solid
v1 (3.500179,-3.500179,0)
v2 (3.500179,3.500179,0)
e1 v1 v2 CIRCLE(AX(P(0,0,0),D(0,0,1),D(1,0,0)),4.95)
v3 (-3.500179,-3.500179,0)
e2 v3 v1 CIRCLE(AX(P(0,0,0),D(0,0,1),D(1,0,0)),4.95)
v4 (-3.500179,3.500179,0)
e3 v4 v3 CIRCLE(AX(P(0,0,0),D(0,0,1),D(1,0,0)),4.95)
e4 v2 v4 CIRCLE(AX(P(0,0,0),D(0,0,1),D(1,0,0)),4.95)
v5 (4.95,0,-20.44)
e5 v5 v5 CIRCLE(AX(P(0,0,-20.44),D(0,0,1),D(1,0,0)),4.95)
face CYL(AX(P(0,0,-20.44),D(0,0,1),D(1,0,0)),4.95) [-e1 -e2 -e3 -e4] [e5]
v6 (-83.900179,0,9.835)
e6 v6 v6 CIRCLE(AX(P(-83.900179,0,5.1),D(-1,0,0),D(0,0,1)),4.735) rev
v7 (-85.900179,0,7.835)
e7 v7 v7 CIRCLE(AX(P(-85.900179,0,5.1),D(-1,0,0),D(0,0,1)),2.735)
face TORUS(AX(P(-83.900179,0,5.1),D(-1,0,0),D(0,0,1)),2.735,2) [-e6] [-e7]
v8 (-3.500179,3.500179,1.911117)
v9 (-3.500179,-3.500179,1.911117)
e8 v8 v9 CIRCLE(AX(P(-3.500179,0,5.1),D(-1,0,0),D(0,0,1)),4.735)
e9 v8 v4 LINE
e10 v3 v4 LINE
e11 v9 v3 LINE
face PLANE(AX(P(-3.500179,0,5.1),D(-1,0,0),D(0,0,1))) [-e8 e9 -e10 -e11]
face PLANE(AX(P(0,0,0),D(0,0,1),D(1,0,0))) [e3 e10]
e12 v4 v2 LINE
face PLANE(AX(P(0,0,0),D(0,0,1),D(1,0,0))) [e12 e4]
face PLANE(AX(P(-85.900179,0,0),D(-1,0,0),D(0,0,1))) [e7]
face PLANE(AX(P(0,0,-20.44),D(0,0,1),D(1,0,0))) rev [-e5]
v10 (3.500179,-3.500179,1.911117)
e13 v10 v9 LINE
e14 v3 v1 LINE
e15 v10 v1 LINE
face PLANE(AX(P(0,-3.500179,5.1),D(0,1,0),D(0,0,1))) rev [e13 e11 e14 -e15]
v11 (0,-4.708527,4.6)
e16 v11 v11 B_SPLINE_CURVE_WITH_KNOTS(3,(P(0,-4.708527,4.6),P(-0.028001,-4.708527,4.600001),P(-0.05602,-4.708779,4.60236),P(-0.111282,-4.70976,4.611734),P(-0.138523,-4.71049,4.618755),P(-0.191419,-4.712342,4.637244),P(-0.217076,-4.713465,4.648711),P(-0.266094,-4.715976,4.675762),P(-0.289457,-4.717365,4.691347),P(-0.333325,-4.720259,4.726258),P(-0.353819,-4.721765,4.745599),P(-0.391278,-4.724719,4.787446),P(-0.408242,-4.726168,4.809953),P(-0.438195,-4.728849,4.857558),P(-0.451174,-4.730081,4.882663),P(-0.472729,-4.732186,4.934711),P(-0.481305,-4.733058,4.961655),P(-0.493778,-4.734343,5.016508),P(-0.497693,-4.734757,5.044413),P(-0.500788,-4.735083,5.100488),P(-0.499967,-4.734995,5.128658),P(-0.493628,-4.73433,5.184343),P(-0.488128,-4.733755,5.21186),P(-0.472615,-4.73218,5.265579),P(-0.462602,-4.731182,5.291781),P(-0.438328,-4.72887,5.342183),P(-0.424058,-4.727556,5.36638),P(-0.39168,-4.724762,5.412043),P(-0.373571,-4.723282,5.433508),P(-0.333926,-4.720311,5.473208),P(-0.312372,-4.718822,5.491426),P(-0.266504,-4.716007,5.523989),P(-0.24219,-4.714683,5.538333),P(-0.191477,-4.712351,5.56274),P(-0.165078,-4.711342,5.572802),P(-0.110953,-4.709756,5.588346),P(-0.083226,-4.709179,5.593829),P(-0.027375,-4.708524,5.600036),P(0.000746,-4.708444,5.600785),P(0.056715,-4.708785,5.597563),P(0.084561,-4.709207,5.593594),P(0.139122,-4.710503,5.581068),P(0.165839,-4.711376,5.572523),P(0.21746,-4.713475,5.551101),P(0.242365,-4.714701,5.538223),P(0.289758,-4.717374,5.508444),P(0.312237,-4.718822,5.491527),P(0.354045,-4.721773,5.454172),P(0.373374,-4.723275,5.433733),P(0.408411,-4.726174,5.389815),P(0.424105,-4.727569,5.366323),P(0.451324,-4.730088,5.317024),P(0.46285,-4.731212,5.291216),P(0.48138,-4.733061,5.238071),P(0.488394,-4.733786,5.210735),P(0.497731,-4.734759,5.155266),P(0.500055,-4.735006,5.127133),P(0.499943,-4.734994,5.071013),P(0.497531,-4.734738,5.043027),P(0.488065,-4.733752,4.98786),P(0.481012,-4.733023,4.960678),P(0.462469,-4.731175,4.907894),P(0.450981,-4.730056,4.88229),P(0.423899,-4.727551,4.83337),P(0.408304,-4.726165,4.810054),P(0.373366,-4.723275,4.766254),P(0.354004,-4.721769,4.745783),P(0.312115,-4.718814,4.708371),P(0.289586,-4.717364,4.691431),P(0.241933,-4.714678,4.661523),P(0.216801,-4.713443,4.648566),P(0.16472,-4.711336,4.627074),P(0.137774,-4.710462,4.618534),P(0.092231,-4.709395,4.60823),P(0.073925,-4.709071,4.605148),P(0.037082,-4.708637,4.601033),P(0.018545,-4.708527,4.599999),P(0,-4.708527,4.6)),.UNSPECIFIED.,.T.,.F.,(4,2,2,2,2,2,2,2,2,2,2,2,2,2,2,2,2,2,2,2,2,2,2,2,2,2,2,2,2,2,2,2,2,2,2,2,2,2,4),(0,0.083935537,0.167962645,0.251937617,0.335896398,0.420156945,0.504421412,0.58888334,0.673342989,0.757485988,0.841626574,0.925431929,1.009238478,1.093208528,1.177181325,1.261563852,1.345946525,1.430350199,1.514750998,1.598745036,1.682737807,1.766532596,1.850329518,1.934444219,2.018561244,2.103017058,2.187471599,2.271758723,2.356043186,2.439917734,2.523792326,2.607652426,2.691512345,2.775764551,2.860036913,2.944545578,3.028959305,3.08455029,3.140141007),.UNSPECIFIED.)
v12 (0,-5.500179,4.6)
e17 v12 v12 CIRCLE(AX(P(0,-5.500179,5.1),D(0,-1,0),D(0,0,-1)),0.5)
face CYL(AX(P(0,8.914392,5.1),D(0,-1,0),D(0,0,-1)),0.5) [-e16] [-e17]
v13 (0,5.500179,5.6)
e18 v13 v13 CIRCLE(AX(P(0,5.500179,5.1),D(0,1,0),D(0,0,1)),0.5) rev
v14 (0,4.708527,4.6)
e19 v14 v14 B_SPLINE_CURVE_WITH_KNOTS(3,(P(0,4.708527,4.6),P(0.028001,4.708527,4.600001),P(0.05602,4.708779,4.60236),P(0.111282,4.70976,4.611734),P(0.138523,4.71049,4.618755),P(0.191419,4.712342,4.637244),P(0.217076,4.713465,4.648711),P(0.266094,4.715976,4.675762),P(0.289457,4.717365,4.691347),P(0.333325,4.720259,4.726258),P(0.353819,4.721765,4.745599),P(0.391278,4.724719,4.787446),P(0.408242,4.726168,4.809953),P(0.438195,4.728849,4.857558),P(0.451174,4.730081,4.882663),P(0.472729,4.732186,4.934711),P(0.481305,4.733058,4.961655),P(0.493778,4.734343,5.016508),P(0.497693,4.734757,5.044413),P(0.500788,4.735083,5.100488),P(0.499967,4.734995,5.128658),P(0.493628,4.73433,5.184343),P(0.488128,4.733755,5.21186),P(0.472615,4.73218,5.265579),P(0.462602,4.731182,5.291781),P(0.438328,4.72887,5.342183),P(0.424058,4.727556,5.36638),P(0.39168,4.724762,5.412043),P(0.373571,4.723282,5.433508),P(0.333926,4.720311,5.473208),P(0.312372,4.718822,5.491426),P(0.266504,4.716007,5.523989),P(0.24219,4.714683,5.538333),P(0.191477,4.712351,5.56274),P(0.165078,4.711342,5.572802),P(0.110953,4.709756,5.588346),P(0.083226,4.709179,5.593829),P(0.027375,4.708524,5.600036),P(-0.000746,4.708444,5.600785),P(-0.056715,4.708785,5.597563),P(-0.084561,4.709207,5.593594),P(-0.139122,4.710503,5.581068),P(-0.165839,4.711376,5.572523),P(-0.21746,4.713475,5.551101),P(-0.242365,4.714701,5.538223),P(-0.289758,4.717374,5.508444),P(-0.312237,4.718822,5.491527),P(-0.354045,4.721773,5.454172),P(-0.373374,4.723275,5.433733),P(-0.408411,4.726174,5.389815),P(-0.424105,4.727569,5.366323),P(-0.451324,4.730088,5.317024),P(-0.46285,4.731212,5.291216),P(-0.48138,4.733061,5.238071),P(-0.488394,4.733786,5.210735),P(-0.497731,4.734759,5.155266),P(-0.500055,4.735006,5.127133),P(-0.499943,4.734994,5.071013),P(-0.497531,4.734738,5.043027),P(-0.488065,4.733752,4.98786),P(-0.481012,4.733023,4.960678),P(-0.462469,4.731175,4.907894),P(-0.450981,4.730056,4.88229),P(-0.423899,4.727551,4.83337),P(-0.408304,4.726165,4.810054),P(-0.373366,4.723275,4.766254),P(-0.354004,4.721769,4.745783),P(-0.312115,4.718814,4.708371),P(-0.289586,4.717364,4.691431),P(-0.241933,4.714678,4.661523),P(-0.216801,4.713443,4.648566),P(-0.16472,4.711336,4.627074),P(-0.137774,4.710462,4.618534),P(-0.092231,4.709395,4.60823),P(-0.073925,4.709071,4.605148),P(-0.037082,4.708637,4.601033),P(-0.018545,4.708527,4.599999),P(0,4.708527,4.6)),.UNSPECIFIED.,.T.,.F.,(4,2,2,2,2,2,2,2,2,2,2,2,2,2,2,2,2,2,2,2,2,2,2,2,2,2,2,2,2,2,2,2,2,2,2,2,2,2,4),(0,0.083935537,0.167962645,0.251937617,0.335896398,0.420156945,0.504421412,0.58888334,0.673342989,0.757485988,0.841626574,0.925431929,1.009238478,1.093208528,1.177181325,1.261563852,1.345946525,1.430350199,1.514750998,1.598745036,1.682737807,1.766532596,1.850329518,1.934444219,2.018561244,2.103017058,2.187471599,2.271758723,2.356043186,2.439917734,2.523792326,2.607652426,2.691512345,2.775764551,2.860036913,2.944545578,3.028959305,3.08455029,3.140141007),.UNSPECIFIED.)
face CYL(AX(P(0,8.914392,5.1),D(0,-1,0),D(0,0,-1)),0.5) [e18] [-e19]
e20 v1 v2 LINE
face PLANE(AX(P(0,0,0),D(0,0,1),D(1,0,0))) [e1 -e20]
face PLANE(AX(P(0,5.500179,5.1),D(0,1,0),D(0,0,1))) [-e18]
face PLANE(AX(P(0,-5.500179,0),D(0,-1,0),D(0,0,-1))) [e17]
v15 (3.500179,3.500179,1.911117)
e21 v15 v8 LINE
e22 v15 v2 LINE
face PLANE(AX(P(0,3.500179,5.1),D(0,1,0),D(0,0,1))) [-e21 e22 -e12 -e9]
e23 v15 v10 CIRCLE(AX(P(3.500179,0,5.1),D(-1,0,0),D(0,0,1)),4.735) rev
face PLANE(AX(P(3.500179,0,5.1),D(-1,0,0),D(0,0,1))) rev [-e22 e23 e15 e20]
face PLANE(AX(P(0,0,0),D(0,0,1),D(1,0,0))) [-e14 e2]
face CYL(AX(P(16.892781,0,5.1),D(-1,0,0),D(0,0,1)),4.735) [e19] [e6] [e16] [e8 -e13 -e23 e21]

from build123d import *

# Parameters (mm, degrees)
SKETCH_1_R                  = 4.95
EXTRUDE_1_DEPTH             = 20.44
SKETCH_2_W                  = 7.000357134
SKETCH_2_H                  = 7.000357134
EXTRUDE_2_DEPTH             = 5.1
EXTRUDE_3_DEPTH             = 2
EXTRUDE_3_DEPTH_BACK        = 9.000357
EXTRUDE_4_DEPTH             = 82.4
EXTRUDE_4_DIRECTION_2_REACH = 24.791
FILLET_1_R                  = 2


with BuildPart() as part:
    # 草图1 → 凸台-拉伸1 (new body)
    with BuildSketch(Plane.XY):
        Circle(SKETCH_1_R)
    extrude(amount=-EXTRUDE_1_DEPTH)

    # 草图2 → 凸台-拉伸2 (add)
    with BuildSketch(Plane.XY):
        Rectangle(SKETCH_2_W, SKETCH_2_H)
    extrude(amount=EXTRUDE_2_DEPTH)

    # 草图3 → 凸台-拉伸3 (add, two sides: drawn at the far end of the back side and taken through both)
    with BuildSketch(Plane.XZ.offset(3.500178567).offset(-EXTRUDE_3_DEPTH_BACK)):
        with BuildLine():
            ThreePointArc((0.5, 5.1), (0, 5.6), (-0.5, 5.1))
            Line((-0.5, 5.1), (0.5, 5.1))
        make_face()
        with BuildLine():
            Line((0.5, 5.1), (-0.5, 5.1))
            ThreePointArc((-0.5, 5.1), (0, 4.6), (0.5, 5.1))
        make_face()
        with BuildLine():
            ThreePointArc((0.5, 5.1), (0, 5.6), (-0.5, 5.1))
            Line((-0.5, 5.1), (0.5, 5.1))
        make_face()
        with BuildLine():
            Line((0.5, 5.1), (-0.5, 5.1))
            ThreePointArc((-0.5, 5.1), (0, 4.6), (0.5, 5.1))
        make_face()
    extrude(amount=EXTRUDE_3_DEPTH + EXTRUDE_3_DEPTH_BACK)

    # 草图5 → 凸台-拉伸4 (add)
    with BuildSketch(Plane.ZY.offset(3.500178567)):
        with BuildLine():
            ThreePointArc((9.835, 0), (7.013225527, 4.331257679), (1.911116967, 3.500178567))
            Line((1.911116967, 3.500178567), (5.1, 3.500178567))
            Line((5.1, 3.500178567), (5.1, -3.500178567))
            Line((5.1, -3.500178567), (1.911116967, -3.500178567))
            ThreePointArc((1.911116967, -3.500178567), (7.013225527, -4.331257679), (9.835, 0))
        make_face()
        with BuildLine():
            Line((5.1, 3.500178567), (1.911116967, 3.500178567))
            ThreePointArc((1.911116967, 3.500178567), (0.365, 0), (1.911116967, -3.500178567))
            Line((1.911116967, -3.500178567), (5.1, -3.500178567))
            Line((5.1, -3.500178567), (5.1, 3.500178567))
        make_face()
        with BuildLine():
            ThreePointArc((9.835, 0), (7.013225527, 4.331257679), (1.911116967, 3.500178567))
            Line((1.911116967, 3.500178567), (5.1, 3.500178567))
            Line((5.1, 3.500178567), (5.1, -3.500178567))
            Line((5.1, -3.500178567), (1.911116967, -3.500178567))
            ThreePointArc((1.911116967, -3.500178567), (7.013225527, -4.331257679), (9.835, 0))
        make_face()
        with BuildLine():
            Line((5.1, 3.500178567), (1.911116967, 3.500178567))
            ThreePointArc((1.911116967, 3.500178567), (0.365, 0), (1.911116967, -3.500178567))
            Line((1.911116967, -3.500178567), (5.1, -3.500178567))
            Line((5.1, -3.500178567), (5.1, 3.500178567))
        make_face()
    extrude(amount=EXTRUDE_4_DEPTH)

    # 凸台-拉伸4 direction 2: up to this face of the body (flat: up to its plane)
    extrude_4_direction_2_end = Plane(part.part.faces().sort_by_distance((3.500178567, 0, 2.55))[0])
    # 草图5 → 凸台-拉伸4 direction 2 (add, up to the picked face)
    with BuildSketch(Plane.ZY.offset(3.500178567), mode=Mode.PRIVATE) as extrude_4_direction_2_sk1:
        with BuildLine():
            ThreePointArc((9.835, 0), (7.013225527, 4.331257679), (1.911116967, 3.500178567))
            Line((1.911116967, 3.500178567), (5.1, 3.500178567))
            Line((5.1, 3.500178567), (5.1, -3.500178567))
            Line((5.1, -3.500178567), (1.911116967, -3.500178567))
            ThreePointArc((1.911116967, -3.500178567), (7.013225527, -4.331257679), (9.835, 0))
        make_face()
    extrude_4_direction_2_tool1 = split(extrude(extrude_4_direction_2_sk1.sketch, amount=-EXTRUDE_4_DIRECTION_2_REACH, mode=Mode.PRIVATE), bisect_by=extrude_4_direction_2_end, keep=Keep.BOTH, mode=Mode.PRIVATE)
    # 草图5 → 凸台-拉伸4 direction 2 (add, up to the picked face)
    with BuildSketch(Plane.ZY.offset(3.500178567), mode=Mode.PRIVATE) as extrude_4_direction_2_sk2:
        with BuildLine():
            Line((5.1, 3.500178567), (1.911116967, 3.500178567))
            ThreePointArc((1.911116967, 3.500178567), (0.365, 0), (1.911116967, -3.500178567))
            Line((1.911116967, -3.500178567), (5.1, -3.500178567))
            Line((5.1, -3.500178567), (5.1, 3.500178567))
        make_face()
    extrude_4_direction_2_tool2 = split(extrude(extrude_4_direction_2_sk2.sketch, amount=-EXTRUDE_4_DIRECTION_2_REACH, mode=Mode.PRIVATE), bisect_by=extrude_4_direction_2_end, keep=Keep.BOTH, mode=Mode.PRIVATE)
    # 草图5 → 凸台-拉伸4 direction 2 (add, up to the picked face)
    with BuildSketch(Plane.ZY.offset(3.500178567), mode=Mode.PRIVATE) as extrude_4_direction_2_sk3:
        with BuildLine():
            ThreePointArc((9.835, 0), (7.013225527, 4.331257679), (1.911116967, 3.500178567))
            Line((1.911116967, 3.500178567), (5.1, 3.500178567))
            Line((5.1, 3.500178567), (5.1, -3.500178567))
            Line((5.1, -3.500178567), (1.911116967, -3.500178567))
            ThreePointArc((1.911116967, -3.500178567), (7.013225527, -4.331257679), (9.835, 0))
        make_face()
    extrude_4_direction_2_tool3 = split(extrude(extrude_4_direction_2_sk3.sketch, amount=-EXTRUDE_4_DIRECTION_2_REACH, mode=Mode.PRIVATE), bisect_by=extrude_4_direction_2_end, keep=Keep.BOTH, mode=Mode.PRIVATE)
    # 草图5 → 凸台-拉伸4 direction 2 (add, up to the picked face)
    with BuildSketch(Plane.ZY.offset(3.500178567), mode=Mode.PRIVATE) as extrude_4_direction_2_sk4:
        with BuildLine():
            Line((5.1, 3.500178567), (1.911116967, 3.500178567))
            ThreePointArc((1.911116967, 3.500178567), (0.365, 0), (1.911116967, -3.500178567))
            Line((1.911116967, -3.500178567), (5.1, -3.500178567))
            Line((5.1, -3.500178567), (5.1, 3.500178567))
        make_face()
    extrude_4_direction_2_tool4 = split(extrude(extrude_4_direction_2_sk4.sketch, amount=-EXTRUDE_4_DIRECTION_2_REACH, mode=Mode.PRIVATE), bisect_by=extrude_4_direction_2_end, keep=Keep.BOTH, mode=Mode.PRIVATE)
    add(extrude_4_direction_2_tool1.solids().sort_by(Axis((-3.500179, 0, 6.679951), (1, 0, 0)))[0])
    add(extrude_4_direction_2_tool2.solids().sort_by(Axis((-3.500179, 0, 2.947224), (1, 0, 0)))[0])
    add(extrude_4_direction_2_tool3.solids().sort_by(Axis((-3.500179, 0, 6.679951), (1, 0, 0)))[0])
    add(extrude_4_direction_2_tool4.solids().sort_by(Axis((-3.500179, 0, 2.947224), (1, 0, 0)))[0])

    # 圆角1
    fillet_1_edges = [part.edges().sort_by_distance(p)[0] for p in [
        (-85.900178567, -3.500178567, 8.288883033),
    ]]
    fillet(fillet_1_edges, radius=FILLET_1_R)


solid = part.part
